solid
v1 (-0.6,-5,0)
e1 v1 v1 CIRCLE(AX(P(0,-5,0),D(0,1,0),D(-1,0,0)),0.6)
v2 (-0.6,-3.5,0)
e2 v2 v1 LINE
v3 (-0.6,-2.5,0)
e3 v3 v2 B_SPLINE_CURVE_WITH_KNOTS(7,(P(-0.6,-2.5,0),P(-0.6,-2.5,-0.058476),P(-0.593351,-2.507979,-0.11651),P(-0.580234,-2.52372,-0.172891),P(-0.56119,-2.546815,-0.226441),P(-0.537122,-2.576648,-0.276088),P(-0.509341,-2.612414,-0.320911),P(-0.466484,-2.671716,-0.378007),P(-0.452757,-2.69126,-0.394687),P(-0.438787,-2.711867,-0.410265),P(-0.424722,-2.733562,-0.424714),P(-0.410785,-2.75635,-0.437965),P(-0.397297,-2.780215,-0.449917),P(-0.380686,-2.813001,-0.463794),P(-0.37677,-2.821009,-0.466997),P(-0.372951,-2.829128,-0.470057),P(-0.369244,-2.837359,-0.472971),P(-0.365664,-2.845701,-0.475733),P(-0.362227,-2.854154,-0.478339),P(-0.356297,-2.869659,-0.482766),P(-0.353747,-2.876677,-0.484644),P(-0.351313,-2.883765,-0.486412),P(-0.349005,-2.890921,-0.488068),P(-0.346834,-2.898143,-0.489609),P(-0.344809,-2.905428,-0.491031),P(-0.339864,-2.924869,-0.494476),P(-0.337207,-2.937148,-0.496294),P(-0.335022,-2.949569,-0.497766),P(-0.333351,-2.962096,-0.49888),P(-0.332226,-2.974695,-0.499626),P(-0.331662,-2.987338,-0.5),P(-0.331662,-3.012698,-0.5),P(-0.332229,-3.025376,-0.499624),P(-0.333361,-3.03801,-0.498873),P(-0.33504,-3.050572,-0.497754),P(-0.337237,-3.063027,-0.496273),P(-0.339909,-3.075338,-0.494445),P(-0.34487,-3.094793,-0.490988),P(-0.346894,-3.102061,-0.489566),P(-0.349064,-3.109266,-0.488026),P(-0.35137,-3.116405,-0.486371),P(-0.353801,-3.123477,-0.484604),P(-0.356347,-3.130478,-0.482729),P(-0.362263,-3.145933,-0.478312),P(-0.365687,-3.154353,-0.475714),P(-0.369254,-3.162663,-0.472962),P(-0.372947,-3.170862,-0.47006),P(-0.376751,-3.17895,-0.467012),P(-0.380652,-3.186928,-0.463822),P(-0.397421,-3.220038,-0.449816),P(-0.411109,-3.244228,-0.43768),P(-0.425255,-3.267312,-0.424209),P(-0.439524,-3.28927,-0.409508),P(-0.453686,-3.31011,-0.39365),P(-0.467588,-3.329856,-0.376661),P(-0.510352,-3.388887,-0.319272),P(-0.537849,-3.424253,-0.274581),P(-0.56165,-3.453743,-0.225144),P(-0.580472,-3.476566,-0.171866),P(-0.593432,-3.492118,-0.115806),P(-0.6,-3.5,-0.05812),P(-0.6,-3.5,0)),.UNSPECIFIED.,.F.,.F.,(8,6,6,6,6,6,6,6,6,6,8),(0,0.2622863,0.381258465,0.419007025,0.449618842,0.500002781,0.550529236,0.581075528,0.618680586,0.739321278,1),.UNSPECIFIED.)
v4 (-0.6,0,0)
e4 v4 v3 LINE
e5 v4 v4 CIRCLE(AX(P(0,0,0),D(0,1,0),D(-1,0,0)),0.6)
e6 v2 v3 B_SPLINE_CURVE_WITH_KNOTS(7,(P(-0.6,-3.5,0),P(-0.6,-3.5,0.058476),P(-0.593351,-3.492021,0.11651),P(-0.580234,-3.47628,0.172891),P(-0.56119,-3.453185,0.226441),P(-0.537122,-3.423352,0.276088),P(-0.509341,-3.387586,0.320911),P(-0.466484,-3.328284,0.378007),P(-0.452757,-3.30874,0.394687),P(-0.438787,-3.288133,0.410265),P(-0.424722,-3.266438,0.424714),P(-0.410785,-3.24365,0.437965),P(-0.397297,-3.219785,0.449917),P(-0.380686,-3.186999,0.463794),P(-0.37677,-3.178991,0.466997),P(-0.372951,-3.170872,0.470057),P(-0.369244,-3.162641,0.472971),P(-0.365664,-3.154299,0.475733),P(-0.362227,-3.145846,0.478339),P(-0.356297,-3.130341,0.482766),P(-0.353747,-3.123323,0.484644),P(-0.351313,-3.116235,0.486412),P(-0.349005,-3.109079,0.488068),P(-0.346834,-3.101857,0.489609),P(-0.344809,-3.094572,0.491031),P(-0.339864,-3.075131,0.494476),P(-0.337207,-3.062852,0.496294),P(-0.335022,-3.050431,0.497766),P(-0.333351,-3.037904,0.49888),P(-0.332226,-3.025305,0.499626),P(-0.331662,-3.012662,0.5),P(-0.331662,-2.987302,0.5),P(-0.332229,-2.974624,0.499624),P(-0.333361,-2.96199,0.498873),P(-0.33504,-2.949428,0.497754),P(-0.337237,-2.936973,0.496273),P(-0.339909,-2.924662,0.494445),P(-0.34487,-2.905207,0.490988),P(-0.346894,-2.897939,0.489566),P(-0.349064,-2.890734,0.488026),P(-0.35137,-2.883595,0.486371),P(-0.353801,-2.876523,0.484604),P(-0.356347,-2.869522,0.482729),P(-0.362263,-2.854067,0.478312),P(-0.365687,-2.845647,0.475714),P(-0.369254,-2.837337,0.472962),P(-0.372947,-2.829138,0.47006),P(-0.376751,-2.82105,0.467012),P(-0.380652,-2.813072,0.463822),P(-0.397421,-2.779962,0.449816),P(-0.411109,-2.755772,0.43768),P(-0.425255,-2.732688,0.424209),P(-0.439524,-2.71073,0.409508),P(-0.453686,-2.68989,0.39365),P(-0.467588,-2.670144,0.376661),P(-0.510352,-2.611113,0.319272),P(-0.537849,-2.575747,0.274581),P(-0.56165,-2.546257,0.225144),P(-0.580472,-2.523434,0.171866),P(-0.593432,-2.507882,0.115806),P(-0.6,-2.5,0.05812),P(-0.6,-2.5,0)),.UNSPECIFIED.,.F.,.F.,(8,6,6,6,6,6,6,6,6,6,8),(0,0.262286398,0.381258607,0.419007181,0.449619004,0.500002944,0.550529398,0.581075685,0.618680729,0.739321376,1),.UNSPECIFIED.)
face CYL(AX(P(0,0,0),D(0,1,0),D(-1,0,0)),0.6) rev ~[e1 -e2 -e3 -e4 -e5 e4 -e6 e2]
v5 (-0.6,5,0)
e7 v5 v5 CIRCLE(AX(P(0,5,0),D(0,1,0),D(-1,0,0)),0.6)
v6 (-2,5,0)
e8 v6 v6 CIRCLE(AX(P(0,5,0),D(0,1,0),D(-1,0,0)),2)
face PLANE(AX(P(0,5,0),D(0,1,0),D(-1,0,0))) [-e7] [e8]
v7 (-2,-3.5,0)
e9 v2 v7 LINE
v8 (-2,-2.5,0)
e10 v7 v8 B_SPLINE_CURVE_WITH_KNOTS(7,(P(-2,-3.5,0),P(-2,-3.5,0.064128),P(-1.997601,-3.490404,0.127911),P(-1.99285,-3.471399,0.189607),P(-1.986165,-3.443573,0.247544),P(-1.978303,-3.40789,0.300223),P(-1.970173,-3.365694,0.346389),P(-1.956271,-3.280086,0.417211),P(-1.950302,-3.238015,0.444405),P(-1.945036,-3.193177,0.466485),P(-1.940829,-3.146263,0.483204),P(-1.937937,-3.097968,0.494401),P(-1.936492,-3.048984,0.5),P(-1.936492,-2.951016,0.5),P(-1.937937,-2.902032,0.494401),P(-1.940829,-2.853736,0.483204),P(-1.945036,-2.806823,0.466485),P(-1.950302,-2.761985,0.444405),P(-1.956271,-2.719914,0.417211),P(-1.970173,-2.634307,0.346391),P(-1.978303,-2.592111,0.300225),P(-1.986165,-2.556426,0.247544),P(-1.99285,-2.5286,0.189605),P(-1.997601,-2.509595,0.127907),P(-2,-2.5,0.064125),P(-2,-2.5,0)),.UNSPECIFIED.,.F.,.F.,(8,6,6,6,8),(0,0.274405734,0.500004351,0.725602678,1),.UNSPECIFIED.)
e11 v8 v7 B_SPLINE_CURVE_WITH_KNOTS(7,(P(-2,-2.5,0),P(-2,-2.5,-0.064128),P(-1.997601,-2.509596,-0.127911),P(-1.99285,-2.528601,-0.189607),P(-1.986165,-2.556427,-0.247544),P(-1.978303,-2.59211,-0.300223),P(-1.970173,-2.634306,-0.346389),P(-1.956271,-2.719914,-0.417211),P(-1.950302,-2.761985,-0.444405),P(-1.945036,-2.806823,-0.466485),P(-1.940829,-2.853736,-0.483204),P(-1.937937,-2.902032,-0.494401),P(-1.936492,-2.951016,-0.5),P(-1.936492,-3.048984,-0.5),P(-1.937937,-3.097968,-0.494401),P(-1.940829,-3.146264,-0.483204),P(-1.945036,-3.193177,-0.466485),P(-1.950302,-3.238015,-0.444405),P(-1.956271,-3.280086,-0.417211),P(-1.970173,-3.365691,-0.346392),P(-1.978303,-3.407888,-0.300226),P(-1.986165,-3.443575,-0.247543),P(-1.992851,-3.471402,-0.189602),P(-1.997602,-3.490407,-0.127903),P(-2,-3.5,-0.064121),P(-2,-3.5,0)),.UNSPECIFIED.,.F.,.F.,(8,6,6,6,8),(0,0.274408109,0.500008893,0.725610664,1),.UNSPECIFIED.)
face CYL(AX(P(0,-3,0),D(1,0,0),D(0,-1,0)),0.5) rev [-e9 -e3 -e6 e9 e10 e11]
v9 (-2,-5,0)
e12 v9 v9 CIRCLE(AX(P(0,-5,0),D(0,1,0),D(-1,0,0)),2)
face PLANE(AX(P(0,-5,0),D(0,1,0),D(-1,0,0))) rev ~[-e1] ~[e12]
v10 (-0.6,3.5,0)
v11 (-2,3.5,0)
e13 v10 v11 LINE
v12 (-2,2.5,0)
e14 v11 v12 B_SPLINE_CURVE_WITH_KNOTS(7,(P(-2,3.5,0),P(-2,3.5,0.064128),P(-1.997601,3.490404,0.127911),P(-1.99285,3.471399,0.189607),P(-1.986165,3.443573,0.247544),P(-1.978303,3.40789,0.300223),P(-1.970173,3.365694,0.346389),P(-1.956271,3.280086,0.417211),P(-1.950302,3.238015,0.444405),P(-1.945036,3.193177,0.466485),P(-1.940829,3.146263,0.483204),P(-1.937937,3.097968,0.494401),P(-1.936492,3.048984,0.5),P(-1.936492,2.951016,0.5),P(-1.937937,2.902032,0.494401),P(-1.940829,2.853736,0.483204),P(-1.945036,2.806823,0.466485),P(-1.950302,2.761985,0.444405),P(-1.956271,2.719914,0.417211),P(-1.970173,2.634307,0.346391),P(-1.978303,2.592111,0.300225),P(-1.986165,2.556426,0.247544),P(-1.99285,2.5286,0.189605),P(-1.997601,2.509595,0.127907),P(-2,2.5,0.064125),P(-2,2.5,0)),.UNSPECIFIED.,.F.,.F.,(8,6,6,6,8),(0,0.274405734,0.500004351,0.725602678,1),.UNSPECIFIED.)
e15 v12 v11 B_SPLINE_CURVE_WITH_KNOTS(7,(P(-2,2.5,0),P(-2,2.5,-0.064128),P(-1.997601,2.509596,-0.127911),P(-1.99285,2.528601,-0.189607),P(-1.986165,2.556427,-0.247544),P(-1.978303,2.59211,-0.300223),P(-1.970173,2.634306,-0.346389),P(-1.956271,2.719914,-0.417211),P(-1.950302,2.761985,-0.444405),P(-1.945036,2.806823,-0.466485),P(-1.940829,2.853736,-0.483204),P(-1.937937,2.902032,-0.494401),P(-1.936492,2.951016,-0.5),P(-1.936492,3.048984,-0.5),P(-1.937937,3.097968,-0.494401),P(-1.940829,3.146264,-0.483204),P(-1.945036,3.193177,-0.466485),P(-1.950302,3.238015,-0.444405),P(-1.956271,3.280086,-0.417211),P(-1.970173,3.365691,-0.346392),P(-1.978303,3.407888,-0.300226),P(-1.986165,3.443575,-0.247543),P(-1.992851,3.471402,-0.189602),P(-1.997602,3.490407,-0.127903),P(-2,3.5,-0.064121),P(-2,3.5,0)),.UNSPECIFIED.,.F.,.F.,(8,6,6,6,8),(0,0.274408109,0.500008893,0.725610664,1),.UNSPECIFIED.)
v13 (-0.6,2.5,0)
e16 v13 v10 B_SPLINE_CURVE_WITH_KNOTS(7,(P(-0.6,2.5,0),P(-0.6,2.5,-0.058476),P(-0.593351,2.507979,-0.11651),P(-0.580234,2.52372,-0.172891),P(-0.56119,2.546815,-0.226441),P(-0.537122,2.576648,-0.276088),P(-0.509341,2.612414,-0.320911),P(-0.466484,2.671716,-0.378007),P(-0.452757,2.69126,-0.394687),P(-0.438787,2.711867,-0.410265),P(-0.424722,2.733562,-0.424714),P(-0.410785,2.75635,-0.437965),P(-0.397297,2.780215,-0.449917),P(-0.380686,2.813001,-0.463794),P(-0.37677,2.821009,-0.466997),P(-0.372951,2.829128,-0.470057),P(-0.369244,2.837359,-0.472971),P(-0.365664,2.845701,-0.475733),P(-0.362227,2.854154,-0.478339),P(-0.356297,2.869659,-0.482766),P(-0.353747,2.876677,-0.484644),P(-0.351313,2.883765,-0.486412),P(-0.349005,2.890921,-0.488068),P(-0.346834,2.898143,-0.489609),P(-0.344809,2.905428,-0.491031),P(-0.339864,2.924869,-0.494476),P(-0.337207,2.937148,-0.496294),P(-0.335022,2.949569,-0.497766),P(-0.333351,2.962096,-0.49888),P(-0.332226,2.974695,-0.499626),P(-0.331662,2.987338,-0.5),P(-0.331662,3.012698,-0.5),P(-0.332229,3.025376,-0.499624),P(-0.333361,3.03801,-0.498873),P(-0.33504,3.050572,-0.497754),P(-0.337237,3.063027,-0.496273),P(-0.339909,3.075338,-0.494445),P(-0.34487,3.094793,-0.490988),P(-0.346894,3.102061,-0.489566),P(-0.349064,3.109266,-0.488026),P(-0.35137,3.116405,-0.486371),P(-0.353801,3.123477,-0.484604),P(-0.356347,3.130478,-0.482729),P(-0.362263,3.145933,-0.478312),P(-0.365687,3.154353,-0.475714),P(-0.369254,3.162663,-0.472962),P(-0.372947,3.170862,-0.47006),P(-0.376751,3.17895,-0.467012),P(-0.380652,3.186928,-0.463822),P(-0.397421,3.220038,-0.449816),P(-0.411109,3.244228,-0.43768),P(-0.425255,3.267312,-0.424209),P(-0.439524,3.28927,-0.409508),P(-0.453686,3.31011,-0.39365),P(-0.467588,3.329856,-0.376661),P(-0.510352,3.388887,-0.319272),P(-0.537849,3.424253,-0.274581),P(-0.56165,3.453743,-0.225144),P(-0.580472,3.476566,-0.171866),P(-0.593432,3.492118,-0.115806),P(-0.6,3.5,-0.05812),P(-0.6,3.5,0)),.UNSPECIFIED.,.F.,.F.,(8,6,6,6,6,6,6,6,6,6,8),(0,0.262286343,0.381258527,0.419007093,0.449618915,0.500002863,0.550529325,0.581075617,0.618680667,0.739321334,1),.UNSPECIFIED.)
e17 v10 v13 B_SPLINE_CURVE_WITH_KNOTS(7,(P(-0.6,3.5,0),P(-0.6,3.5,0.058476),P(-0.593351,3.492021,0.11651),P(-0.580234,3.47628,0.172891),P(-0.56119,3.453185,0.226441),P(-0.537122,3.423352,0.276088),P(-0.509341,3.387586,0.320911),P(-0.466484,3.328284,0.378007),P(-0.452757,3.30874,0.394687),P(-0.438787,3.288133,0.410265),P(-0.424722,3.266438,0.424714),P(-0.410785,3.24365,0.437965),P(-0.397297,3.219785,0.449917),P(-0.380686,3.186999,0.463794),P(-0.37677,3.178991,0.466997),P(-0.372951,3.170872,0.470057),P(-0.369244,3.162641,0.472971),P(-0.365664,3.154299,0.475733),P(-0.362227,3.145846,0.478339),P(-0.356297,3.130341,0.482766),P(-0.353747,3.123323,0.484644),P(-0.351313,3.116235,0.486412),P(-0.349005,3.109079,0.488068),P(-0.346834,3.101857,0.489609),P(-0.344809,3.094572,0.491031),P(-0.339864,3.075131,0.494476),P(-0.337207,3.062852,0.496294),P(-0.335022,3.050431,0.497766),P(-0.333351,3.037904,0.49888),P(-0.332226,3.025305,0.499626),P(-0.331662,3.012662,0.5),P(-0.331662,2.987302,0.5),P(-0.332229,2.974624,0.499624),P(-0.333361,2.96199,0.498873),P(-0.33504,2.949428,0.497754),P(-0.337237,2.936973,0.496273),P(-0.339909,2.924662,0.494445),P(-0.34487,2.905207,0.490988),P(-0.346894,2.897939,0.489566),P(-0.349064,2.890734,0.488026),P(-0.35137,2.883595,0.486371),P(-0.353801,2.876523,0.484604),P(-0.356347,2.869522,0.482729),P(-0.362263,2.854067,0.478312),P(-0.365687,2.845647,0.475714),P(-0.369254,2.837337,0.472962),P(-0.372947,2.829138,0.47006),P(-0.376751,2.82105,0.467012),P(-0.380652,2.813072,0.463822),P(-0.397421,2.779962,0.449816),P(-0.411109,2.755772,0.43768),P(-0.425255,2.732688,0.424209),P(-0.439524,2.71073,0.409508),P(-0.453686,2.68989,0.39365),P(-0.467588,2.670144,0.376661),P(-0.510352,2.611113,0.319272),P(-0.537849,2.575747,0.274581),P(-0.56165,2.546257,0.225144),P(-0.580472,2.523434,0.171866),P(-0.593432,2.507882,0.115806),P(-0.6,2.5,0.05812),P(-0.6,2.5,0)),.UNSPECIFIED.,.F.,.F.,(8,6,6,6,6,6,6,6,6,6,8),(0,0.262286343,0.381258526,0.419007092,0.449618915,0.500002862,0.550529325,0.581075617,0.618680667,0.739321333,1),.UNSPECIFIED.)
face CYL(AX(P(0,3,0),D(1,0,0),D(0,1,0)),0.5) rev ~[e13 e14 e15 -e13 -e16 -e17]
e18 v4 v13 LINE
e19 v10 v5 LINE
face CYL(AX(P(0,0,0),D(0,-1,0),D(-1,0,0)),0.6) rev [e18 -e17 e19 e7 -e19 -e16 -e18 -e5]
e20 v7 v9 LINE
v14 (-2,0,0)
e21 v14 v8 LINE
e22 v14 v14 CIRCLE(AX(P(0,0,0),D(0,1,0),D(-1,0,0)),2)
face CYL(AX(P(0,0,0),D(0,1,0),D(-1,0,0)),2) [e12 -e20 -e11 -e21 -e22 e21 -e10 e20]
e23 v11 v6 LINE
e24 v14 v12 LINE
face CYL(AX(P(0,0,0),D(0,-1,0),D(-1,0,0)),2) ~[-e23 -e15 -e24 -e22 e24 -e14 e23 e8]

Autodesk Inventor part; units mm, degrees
ref_plane "YZ Plane" through (0, 0, 0) normal (1, 0, 0) x (0, 1, 0)
ref_plane "XZ Plane" through (0, 0, 0) normal (0, 1, 0) x (-1, 0, 0)
ref_plane "XY Plane" through (0, 0, 0) normal (0, 0, 1) x (1, 0, 0)
sketch "Sketch1" plane through (0, 0, 0) normal (0, 1, 0) x (-1, 0, 0)
  circle A0 centre (0, 0) radius 0.6
  circle A1 centre (0, 0) radius 2
  dimension "d0" = 4
  dimension "d1" = 1.2
extrude "Extrusion1" add sketch "Sketch1" along normal mid plane 10
sketch "Sketch2" plane through (0, 0, 0) normal (1, 0, 0) x (0, 1, 0)
  circle A0 centre (3, 0) radius 0.5
  point P0 (0, 0)
  dimension "d4" = 3
  dimension "d5" = 1
extrude "Extrusion2" cut sketch "Sketch2" against normal through all
mirror "Mirror1" about plane through (0, 0, 0) normal (0, 1, 0) of "Extrusion2"
properties part number "wire_connector" material "Stainless Steel"
